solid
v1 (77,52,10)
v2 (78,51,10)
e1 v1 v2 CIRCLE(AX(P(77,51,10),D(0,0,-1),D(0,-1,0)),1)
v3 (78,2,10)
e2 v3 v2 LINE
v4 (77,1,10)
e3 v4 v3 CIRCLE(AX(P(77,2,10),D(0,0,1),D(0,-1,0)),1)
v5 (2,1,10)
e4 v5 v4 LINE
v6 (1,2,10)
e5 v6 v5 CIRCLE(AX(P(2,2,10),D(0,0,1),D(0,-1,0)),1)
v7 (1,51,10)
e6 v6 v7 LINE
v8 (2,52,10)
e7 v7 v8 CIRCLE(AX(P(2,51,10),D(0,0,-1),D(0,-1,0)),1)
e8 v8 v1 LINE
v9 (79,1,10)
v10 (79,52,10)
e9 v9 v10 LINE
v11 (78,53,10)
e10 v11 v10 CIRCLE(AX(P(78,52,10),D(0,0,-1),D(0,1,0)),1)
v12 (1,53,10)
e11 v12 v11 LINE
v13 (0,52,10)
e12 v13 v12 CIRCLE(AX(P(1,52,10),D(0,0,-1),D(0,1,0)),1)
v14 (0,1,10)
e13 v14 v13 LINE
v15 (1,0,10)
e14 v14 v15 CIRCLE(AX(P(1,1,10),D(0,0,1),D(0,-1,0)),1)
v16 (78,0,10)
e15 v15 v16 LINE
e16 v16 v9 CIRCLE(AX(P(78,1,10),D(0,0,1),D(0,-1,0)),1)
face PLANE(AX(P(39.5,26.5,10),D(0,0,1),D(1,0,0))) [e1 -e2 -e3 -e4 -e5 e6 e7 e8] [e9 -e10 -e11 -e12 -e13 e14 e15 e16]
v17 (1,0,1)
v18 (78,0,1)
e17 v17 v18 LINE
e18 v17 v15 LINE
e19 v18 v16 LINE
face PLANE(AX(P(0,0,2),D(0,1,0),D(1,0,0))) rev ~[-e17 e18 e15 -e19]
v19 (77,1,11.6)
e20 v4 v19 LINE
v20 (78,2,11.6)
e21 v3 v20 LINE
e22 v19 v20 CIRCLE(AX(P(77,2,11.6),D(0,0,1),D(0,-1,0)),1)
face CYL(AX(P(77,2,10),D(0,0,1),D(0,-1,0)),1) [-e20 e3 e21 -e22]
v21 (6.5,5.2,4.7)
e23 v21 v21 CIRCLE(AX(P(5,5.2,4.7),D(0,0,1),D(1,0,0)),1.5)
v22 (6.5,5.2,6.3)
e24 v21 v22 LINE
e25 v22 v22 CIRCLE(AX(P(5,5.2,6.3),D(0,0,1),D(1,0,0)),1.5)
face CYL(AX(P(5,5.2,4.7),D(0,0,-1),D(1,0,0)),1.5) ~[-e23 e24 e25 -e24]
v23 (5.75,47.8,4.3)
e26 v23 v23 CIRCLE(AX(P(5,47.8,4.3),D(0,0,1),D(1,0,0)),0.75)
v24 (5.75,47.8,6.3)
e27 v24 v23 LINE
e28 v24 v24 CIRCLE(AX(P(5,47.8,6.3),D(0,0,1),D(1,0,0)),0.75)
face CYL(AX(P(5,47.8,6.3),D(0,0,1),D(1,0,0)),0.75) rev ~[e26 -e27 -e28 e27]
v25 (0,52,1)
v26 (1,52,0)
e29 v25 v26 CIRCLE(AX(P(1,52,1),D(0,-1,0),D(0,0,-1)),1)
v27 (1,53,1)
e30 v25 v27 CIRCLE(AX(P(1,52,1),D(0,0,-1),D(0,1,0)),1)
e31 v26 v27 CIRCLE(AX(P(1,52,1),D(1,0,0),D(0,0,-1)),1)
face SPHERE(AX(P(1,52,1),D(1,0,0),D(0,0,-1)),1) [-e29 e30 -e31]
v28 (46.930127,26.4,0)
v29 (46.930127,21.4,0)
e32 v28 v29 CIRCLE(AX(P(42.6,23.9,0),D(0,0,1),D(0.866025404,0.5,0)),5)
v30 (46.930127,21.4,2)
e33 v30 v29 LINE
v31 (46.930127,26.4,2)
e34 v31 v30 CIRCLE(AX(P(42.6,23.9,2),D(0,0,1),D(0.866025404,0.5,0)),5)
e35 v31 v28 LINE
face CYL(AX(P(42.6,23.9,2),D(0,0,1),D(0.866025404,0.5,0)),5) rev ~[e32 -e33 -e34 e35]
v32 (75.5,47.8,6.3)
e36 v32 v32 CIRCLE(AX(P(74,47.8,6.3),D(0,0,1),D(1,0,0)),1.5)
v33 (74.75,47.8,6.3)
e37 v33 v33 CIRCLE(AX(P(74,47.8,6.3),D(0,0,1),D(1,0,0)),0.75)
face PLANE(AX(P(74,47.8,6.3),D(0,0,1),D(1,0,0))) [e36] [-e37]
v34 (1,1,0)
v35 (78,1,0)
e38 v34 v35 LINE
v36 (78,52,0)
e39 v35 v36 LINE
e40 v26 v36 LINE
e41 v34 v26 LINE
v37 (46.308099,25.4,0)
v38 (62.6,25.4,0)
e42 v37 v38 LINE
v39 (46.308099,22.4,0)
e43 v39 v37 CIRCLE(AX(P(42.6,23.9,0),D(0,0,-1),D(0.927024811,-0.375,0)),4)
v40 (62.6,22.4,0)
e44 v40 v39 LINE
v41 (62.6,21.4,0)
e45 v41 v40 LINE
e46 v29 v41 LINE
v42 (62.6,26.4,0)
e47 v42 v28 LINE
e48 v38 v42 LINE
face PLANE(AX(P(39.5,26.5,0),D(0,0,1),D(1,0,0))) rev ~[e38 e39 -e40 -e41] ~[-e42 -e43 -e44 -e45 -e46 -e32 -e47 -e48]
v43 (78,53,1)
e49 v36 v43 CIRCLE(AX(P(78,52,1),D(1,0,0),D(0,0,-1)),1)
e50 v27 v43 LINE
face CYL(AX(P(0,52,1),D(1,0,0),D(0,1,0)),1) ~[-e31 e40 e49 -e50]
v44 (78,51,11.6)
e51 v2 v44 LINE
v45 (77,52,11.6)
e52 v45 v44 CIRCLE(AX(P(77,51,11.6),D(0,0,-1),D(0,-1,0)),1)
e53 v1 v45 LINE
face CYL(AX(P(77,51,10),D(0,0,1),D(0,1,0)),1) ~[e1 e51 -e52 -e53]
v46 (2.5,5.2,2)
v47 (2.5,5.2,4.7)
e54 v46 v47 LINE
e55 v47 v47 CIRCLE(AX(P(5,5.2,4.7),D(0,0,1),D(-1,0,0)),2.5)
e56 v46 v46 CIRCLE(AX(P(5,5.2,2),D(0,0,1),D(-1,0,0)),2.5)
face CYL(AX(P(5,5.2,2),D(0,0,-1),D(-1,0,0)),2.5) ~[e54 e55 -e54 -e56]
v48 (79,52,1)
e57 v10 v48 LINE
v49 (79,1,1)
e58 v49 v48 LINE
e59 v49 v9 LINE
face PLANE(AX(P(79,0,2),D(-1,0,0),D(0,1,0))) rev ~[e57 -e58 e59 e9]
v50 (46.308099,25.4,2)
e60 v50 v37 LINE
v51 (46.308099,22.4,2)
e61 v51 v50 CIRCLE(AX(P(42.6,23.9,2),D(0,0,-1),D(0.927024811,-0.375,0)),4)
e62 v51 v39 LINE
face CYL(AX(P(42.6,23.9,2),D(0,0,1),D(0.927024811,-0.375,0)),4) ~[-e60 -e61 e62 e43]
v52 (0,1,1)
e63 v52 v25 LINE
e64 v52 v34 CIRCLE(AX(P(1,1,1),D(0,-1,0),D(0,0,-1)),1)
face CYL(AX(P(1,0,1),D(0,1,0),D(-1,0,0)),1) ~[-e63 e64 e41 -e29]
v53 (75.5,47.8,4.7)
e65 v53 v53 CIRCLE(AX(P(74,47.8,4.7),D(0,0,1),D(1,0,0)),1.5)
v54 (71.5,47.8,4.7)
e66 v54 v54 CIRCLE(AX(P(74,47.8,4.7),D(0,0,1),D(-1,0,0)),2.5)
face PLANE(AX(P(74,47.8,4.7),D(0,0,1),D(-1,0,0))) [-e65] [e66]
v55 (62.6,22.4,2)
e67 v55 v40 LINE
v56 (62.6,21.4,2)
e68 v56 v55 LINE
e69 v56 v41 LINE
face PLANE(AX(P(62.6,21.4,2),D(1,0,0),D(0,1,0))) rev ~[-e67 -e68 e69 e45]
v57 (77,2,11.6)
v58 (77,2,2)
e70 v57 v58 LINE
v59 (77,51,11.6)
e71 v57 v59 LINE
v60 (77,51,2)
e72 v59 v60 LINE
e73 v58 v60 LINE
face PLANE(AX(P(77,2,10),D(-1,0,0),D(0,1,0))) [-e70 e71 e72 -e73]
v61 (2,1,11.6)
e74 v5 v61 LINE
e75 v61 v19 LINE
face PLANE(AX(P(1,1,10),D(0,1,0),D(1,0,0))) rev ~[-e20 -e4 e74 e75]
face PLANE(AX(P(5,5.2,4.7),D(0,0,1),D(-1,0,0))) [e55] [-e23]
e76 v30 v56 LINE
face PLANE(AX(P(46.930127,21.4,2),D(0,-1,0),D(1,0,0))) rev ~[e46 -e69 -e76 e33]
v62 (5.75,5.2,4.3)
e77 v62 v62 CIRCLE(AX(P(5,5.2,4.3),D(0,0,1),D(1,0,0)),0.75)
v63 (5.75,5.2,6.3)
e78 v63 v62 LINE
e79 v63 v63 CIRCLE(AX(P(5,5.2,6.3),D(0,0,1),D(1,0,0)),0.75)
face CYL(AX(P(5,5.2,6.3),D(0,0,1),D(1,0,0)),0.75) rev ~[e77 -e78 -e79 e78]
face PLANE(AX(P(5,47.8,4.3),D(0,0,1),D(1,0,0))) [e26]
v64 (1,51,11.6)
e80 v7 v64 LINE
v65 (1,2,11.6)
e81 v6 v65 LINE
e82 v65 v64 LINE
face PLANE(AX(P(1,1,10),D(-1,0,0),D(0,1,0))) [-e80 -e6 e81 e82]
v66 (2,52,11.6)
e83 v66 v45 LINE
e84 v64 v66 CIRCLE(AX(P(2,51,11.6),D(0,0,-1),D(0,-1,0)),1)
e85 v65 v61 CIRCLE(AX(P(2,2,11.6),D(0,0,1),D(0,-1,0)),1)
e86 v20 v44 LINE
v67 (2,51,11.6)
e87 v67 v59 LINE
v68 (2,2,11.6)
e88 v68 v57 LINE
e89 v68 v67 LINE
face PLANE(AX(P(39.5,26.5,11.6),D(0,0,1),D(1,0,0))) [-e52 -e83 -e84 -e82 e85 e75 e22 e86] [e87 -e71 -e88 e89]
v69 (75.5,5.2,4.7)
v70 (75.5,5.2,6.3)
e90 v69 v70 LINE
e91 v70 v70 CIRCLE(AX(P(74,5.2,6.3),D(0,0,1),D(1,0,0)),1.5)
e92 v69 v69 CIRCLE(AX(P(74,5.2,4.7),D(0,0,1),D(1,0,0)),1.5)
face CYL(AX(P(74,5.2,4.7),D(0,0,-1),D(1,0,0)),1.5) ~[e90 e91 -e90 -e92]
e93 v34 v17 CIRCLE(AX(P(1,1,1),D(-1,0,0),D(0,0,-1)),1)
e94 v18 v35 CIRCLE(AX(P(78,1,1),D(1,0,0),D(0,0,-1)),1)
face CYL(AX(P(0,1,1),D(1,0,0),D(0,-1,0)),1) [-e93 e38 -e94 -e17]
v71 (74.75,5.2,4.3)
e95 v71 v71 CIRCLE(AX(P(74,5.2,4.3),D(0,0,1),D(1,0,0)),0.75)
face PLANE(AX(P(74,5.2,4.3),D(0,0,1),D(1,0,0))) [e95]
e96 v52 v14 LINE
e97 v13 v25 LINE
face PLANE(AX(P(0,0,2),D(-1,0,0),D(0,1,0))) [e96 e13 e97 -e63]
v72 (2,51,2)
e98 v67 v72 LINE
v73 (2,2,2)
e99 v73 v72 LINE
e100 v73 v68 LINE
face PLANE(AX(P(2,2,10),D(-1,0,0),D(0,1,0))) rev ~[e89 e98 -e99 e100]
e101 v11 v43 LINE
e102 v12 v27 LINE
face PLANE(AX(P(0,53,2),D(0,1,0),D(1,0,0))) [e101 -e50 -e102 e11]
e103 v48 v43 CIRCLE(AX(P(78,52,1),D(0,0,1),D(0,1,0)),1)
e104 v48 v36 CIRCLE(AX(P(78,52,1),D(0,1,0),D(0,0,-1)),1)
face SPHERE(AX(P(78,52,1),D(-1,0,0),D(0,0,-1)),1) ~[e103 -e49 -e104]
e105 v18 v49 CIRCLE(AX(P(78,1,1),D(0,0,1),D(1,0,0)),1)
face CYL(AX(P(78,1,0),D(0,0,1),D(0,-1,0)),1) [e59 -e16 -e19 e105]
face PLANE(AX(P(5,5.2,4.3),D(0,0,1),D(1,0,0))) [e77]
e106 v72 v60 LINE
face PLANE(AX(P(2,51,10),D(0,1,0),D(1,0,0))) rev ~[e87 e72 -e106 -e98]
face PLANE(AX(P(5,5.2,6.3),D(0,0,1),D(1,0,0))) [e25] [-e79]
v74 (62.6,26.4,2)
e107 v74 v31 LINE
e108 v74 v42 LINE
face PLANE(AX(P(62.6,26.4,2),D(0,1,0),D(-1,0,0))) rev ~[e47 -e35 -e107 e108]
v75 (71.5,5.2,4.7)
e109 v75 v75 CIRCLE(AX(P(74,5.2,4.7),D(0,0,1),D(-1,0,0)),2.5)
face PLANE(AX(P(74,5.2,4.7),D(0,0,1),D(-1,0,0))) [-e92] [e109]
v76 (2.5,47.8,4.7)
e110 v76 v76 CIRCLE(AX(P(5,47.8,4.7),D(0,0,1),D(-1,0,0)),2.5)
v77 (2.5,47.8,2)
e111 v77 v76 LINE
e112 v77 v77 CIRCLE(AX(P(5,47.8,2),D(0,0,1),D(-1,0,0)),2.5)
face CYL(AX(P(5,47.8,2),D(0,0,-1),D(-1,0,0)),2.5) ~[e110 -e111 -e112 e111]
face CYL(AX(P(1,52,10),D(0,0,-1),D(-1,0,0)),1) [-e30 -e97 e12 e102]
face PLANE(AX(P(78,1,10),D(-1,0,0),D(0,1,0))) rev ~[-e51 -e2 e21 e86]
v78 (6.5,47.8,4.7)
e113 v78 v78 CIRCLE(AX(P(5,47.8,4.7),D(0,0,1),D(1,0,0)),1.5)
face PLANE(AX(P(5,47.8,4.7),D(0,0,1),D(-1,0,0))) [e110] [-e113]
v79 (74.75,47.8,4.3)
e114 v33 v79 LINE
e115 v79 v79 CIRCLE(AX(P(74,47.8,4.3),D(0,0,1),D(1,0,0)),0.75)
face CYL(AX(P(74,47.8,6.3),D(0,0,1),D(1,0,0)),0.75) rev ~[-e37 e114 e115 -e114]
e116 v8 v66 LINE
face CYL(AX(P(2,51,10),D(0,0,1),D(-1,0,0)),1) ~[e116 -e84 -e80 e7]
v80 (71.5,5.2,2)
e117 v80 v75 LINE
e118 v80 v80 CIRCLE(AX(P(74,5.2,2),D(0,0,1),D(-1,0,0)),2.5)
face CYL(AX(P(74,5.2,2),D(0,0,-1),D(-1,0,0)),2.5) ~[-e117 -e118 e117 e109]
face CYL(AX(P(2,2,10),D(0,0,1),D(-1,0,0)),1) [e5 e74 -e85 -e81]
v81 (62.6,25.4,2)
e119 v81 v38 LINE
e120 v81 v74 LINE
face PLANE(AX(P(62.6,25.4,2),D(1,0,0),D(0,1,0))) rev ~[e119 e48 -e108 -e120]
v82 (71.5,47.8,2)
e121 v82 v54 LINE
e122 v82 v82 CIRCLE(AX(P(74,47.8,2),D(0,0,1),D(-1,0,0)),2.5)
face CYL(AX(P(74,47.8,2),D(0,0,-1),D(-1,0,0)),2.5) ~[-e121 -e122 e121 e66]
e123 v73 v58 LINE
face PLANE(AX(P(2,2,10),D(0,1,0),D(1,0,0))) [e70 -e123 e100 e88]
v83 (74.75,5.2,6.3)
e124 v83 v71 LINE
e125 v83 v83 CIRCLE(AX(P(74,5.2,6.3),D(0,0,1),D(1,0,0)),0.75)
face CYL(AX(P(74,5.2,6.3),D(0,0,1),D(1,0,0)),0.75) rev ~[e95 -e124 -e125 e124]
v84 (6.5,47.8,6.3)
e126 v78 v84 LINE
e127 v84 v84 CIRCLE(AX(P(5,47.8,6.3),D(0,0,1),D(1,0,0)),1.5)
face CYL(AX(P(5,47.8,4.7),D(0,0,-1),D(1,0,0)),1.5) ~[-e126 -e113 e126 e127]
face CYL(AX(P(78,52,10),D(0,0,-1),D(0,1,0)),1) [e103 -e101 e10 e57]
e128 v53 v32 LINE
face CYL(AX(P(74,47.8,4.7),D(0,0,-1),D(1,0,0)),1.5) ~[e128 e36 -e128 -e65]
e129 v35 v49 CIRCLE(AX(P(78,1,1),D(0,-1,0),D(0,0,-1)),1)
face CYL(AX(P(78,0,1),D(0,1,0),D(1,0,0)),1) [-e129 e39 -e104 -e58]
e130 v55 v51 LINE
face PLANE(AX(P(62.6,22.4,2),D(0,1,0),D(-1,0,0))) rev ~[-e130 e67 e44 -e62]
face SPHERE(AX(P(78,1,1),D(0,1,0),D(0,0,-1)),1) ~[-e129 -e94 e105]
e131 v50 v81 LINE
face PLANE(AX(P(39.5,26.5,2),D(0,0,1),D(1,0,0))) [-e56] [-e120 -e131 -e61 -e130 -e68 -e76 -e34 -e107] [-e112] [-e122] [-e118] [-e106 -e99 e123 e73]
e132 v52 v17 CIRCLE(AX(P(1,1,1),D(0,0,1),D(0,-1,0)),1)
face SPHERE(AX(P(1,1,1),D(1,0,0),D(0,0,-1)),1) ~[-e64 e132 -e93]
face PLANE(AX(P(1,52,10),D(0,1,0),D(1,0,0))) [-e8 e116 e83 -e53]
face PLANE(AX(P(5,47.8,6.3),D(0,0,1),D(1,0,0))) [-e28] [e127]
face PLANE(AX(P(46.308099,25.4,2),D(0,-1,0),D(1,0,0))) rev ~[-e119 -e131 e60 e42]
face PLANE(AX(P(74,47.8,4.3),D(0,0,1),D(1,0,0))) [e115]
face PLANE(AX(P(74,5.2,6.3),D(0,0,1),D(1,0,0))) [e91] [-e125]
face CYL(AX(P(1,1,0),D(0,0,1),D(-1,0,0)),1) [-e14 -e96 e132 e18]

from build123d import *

# Parameters (mm, degrees)
SKETCH1_W           = 79
SKETCH1_H           = 53
BOSS_EXTRUDE1_DEPTH = 2
SKETCH2_R           = 2.5
BOSS_EXTRUDE2_DEPTH = 2.7
SKETCH3_R           = 1.5
BOSS_EXTRUDE3_DEPTH = 1.6
SKETCH5_R           = 0.75
CUT_EXTRUDE1_DEPTH  = 2
SKETCH6_W           = 79
SKETCH6_H           = 53
SKETCH6_W_2         = 75
SKETCH6_H_2         = 49
BOSS_EXTRUDE4_DEPTH = 8
SKETCH7_W           = 77
SKETCH7_H           = 51
SKETCH7_W_2         = 75
SKETCH7_H_2         = 49
BOSS_EXTRUDE5_DEPTH = 1.6
CUT_EXTRUDE2_DEPTH  = 2
FILLET1_R           = 1


with BuildPart() as part:
    # Sketch1 → Boss-Extrude1 (new body)
    with BuildSketch(Plane.XY):
        with Locations((39.5, 26.5)):
            Rectangle(SKETCH1_W, SKETCH1_H)
    extrude(amount=BOSS_EXTRUDE1_DEPTH)

    # Sketch2 → Boss-Extrude2 (add)
    with BuildSketch(Plane.XY.offset(2)):
        with Locations(Location((5, 47.8, 0), (0, 0, 180))):
            Circle(SKETCH2_R)
        with Locations(Location((74, 47.8, 0), (0, 0, 180))):
            Circle(SKETCH2_R)
        with Locations(Location((74, 5.2, 0), (0, 0, 180))):
            Circle(SKETCH2_R)
        with Locations(Location((5, 5.2, 0), (0, 0, 180))):
            Circle(SKETCH2_R)
    extrude(amount=BOSS_EXTRUDE2_DEPTH)

    # Sketch3 → Boss-Extrude3 (add)
    with BuildSketch(Plane.XY.offset(4.7)):
        with Locations((5, 47.8)):
            Circle(SKETCH3_R)
        with Locations((5, 5.2)):
            Circle(SKETCH3_R)
        with Locations((74, 47.8)):
            Circle(SKETCH3_R)
        with Locations((74, 5.2)):
            Circle(SKETCH3_R)
    extrude(amount=BOSS_EXTRUDE3_DEPTH)

    # Sketch5 → Cut-Extrude1 (cut)
    with BuildSketch(Plane.XY.offset(6.3)):
        with Locations((74, 5.2)):
            Circle(SKETCH5_R)
        with Locations((74, 47.8)):
            Circle(SKETCH5_R)
        with Locations((5, 47.8)):
            Circle(SKETCH5_R)
        with Locations((5, 5.2)):
            Circle(SKETCH5_R)
    extrude(amount=-CUT_EXTRUDE1_DEPTH, mode=Mode.SUBTRACT)

    # Sketch6 → Boss-Extrude4 (add)
    with BuildSketch(Plane.XY.offset(2)):
        with Locations((39.5, 26.5)):
            Rectangle(SKETCH6_W, SKETCH6_H)
        with Locations((39.5, 26.5)):
            Rectangle(SKETCH6_W_2, SKETCH6_H_2, mode=Mode.SUBTRACT)
    extrude(amount=BOSS_EXTRUDE4_DEPTH)

    # Sketch7 → Boss-Extrude5 (add)
    with BuildSketch(Plane.XY.offset(10)):
        with Locations((39.5, 26.5)):
            Rectangle(SKETCH7_W, SKETCH7_H)
        with Locations((39.5, 26.5)):
            Rectangle(SKETCH7_W_2, SKETCH7_H_2, mode=Mode.SUBTRACT)
    extrude(amount=BOSS_EXTRUDE5_DEPTH)

    # Sketch8 → Cut-Extrude2 (cut)
    with BuildSketch(Plane.XY.offset(2)):
        with BuildLine():
            Line((46.930127019, 21.4), (62.6, 21.4))
            Line((62.6, 21.4), (62.6, 22.4))
            Line((62.6, 22.4), (46.308099244, 22.4))
            ThreePointArc((46.308099244, 22.4), (38.6, 23.9), (46.308099244, 25.4))
            Line((46.308099244, 25.4), (62.6, 25.4))
            Line((62.6, 25.4), (62.6, 26.4))
            Line((62.6, 26.4), (46.930127019, 26.4))
            ThreePointArc((46.930127019, 26.4), (37.6, 23.9), (46.930127019, 21.4))
        make_face()
    extrude(amount=-CUT_EXTRUDE2_DEPTH, mode=Mode.SUBTRACT)

    # Fillet1
    fillet1_edges = [part.edges().sort_by_distance(p)[0] for p in [
        (39.5, 53, 0),
        (79, 26.5, 0),
        (39.5, 0, 0),
        (0, 26.5, 0),
        (0, 53, 5),
        (79, 53, 5),
        (79, 0, 5),
        (0, 0, 5),
        (1, 52, 10.8),
        (1, 1, 10.8),
        (78, 1, 10.8),
        (78, 52, 10.8),
    ]]
    fillet(fillet1_edges, radius=FILLET1_R)


solid = part.part
